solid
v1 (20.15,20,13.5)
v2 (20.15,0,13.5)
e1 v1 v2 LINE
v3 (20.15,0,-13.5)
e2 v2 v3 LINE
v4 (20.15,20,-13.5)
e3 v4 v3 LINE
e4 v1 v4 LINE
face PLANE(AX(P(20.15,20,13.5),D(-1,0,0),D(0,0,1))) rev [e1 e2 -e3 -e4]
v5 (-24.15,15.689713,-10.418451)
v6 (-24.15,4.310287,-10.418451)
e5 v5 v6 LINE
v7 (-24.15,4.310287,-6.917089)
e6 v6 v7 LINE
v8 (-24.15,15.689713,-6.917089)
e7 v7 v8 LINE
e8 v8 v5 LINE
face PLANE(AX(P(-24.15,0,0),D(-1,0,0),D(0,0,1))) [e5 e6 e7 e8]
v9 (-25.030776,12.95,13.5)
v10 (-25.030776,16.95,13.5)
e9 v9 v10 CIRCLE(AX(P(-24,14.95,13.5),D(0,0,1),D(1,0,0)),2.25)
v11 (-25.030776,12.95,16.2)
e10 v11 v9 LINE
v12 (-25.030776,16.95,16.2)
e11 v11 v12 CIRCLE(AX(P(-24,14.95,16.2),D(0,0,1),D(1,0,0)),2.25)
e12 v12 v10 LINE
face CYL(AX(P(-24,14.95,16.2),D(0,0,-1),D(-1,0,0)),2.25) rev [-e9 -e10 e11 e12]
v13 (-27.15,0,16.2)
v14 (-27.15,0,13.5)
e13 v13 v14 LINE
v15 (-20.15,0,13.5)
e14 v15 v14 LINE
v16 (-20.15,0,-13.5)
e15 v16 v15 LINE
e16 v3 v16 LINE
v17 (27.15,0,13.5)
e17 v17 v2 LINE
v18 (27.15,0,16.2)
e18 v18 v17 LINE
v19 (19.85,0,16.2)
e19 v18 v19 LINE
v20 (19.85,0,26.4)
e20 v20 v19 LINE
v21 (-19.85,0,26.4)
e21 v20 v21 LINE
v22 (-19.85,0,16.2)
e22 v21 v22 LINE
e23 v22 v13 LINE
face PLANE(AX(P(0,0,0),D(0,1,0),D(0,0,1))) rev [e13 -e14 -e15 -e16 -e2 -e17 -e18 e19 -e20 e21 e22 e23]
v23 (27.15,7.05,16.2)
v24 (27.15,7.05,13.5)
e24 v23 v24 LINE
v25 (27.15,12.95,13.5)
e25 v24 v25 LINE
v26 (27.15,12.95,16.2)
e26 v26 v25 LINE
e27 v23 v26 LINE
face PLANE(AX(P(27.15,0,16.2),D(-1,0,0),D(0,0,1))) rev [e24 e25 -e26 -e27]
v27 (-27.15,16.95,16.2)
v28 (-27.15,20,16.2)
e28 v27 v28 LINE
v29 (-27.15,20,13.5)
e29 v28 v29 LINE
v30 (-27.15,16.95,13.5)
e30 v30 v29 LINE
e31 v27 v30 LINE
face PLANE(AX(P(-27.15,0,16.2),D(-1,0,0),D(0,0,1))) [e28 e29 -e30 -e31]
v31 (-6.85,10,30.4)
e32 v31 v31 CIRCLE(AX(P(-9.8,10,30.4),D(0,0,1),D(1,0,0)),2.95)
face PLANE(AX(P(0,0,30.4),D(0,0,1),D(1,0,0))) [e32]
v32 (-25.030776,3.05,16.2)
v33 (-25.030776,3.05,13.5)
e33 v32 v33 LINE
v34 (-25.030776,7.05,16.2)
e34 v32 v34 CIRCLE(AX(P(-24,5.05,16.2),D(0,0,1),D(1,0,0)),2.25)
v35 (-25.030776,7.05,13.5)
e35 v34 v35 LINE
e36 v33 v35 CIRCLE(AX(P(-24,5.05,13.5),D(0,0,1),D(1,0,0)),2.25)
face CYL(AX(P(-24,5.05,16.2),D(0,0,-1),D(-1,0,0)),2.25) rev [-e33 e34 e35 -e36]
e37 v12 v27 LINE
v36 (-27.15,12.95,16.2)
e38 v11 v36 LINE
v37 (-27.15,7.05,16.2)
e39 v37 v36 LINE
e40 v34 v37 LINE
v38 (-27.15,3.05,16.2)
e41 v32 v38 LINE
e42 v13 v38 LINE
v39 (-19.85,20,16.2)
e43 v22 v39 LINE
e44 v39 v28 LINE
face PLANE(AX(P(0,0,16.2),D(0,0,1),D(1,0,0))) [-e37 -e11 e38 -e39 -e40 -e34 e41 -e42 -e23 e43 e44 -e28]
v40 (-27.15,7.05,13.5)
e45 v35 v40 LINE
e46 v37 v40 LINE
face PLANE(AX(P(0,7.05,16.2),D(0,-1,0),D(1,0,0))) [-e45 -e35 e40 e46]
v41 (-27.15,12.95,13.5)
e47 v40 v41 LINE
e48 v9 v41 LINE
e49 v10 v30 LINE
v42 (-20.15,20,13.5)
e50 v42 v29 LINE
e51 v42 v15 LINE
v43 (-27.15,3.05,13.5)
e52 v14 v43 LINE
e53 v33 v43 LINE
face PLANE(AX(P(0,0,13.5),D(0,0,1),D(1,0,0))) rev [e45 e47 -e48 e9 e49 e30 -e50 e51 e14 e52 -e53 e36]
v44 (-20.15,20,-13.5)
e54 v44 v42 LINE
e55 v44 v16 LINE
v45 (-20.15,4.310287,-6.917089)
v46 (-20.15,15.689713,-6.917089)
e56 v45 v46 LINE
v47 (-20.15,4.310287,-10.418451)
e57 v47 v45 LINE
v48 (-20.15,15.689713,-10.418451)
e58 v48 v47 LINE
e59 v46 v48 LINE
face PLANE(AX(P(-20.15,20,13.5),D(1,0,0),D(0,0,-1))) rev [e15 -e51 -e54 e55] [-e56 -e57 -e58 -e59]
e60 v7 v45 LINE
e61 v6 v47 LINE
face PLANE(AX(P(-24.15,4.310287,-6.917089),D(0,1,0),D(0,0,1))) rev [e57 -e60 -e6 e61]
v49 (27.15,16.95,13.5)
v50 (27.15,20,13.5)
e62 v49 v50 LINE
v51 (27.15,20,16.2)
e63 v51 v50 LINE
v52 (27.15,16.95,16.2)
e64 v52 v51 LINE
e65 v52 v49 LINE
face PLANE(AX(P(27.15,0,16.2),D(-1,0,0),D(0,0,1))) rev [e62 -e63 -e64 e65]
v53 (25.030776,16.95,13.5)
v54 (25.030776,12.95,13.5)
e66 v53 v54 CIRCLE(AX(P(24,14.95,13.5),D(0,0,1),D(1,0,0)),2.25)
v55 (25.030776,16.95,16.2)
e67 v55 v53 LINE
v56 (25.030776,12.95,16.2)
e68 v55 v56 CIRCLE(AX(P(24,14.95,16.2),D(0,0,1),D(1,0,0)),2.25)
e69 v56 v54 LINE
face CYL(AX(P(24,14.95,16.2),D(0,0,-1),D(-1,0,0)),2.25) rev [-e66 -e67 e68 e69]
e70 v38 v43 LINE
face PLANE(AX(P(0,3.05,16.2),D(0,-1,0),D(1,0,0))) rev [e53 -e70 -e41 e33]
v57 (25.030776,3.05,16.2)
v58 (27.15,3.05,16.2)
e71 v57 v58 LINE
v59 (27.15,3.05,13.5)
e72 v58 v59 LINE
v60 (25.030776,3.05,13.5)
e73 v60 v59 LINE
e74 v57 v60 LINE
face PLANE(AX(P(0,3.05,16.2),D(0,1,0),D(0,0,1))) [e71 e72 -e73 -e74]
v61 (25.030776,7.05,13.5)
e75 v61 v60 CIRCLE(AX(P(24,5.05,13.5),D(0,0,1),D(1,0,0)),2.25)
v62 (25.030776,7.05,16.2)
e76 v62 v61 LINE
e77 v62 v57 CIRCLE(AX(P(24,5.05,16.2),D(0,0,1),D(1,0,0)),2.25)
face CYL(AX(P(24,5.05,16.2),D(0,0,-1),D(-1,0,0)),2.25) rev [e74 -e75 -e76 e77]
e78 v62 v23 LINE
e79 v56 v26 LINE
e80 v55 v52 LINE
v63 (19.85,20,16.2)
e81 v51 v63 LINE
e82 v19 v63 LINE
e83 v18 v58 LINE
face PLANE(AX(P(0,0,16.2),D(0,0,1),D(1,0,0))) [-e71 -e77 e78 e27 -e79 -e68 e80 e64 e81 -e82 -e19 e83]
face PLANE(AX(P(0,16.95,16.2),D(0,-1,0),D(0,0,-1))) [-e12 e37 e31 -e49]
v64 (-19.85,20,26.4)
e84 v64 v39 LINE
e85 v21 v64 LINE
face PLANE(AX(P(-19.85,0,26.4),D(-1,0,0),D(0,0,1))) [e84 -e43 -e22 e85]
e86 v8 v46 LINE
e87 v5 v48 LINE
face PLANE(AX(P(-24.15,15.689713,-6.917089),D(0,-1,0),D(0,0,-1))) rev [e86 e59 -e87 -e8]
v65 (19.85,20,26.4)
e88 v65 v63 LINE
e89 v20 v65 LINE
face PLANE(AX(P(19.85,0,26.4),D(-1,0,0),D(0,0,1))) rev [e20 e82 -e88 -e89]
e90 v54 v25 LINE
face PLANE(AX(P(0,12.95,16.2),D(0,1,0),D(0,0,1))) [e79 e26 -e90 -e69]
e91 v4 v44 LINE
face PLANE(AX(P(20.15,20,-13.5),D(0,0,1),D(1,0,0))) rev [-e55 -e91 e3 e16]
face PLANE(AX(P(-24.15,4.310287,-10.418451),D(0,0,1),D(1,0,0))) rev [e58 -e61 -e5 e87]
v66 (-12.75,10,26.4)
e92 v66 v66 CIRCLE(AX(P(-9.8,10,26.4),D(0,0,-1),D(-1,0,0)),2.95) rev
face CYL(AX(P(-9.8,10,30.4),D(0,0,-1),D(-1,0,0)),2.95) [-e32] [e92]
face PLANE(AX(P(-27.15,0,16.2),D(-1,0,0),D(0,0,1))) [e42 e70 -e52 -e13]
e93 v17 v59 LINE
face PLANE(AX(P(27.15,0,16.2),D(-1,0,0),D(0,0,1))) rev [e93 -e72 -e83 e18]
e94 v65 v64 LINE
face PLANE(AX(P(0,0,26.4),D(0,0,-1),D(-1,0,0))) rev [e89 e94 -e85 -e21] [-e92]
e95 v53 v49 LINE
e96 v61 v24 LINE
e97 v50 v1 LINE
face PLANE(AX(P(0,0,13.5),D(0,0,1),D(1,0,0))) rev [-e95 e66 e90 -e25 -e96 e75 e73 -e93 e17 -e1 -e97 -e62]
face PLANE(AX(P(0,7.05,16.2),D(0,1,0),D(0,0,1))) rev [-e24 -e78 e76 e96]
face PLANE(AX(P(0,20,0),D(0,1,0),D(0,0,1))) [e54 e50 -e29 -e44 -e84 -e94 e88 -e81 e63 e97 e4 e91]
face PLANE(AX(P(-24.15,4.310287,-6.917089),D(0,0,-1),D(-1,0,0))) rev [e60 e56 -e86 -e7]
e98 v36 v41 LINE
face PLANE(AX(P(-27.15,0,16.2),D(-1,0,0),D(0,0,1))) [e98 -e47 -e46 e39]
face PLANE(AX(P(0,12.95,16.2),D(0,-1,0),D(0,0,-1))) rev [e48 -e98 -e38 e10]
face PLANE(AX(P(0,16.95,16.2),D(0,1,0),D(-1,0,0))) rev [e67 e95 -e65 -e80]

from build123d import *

# Parameters (mm, degrees)
SKETCH1_W           = 40.3
SKETCH1_H           = 27
BOSS_EXTRUDE1_DEPTH = 20
SKETCH2_W           = 40.3
SKETCH2_H           = 5.05
SKETCH2_H_2         = 9.9
BOSS_EXTRUDE2_DEPTH = 2.7
SKETCH3_W           = 39.7
SKETCH3_H           = 20
BOSS_EXTRUDE3_DEPTH = 10.2
BOSS_EXTRUDE4_DEPTH = 4
SKETCH5_W           = 3.501362038
SKETCH5_H           = 11.379426624
BOSS_EXTRUDE5_DEPTH = 4


with BuildPart() as part:
    # Sketch1 → Boss-Extrude1 (new body)
    with BuildSketch(Plane(origin=(0, 0, 0), x_dir=(1, 0, 0), z_dir=(0, 1, 0))):
        Rectangle(SKETCH1_W, SKETCH1_H)
    extrude(amount=BOSS_EXTRUDE1_DEPTH)

    # Sketch2 → Boss-Extrude2 (add)
    with BuildSketch(Plane.XY.offset(13.5)):
        with Locations((0, 2.525)):
            Rectangle(SKETCH2_W, SKETCH2_H)
        with BuildLine():
            Line((-20.15, 0), (-20.15, 5.05))
            Line((-20.15, 5.05), (-21.75, 5.05))
            ThreePointArc((-21.75, 5.05), (-22.82883539, 3.12883539), (-25.030776406, 3.05))
            Line((-25.030776406, 3.05), (-27.15, 3.05))
            Line((-27.15, 3.05), (-27.15, 0))
            Line((-27.15, 0), (-20.15, 0))
        make_face()
        with Locations((0, 10)):
            Rectangle(SKETCH2_W, SKETCH2_H_2)
        with BuildLine():
            Line((-20.15, 5.05), (-20.15, 14.95))
            Line((-20.15, 14.95), (-21.75, 14.95))
            ThreePointArc((-21.75, 14.95), (-22.409009742, 13.359009742), (-24, 12.7))
            Line((-24, 12.7), (-24, 7.3))
            ThreePointArc((-24, 7.3), (-22.409009742, 6.640990258), (-21.75, 5.05))
            Line((-21.75, 5.05), (-20.15, 5.05))
        make_face()
        with BuildLine():
            Line((-25.030776406, 12.95), (-27.15, 12.95))
            Line((-27.15, 12.95), (-27.15, 7.05))
            Line((-27.15, 7.05), (-25.030776406, 7.05))
            ThreePointArc((-25.030776406, 7.05), (-24.530330086, 7.236606961), (-24, 7.3))
            Line((-24, 7.3), (-24, 12.7))
            ThreePointArc((-24, 12.7), (-24.530330086, 12.763393039), (-25.030776406, 12.95))
        make_face()
        with Locations((0, 17.475)):
            Rectangle(SKETCH2_W, SKETCH2_H)
        with BuildLine():
            Line((-20.15, 14.95), (-20.15, 20))
            Line((-20.15, 20), (-27.15, 20))
            Line((-27.15, 20), (-27.15, 16.95))
            Line((-27.15, 16.95), (-25.030776406, 16.95))
            ThreePointArc((-25.030776406, 16.95), (-22.82883539, 16.87116461), (-21.75, 14.95))
            Line((-21.75, 14.95), (-20.15, 14.95))
        make_face()
        with BuildLine():
            Line((27.15, 20), (20.15, 20))
            Line((20.15, 20), (20.15, 14.95))
            Line((20.15, 14.95), (21.75, 14.95))
            ThreePointArc((21.75, 14.95), (22.82883539, 16.87116461), (25.030776406, 16.95))
            Line((25.030776406, 16.95), (27.15, 16.95))
            Line((27.15, 16.95), (27.15, 20))
        make_face()
        with BuildLine():
            Line((27.15, 7.05), (27.15, 12.95))
            Line((27.15, 12.95), (25.030776406, 12.95))
            ThreePointArc((25.030776406, 12.95), (24.530330086, 12.763393039), (24, 12.7))
            Line((24, 12.7), (24, 7.3))
            ThreePointArc((24, 7.3), (24.530330086, 7.236606961), (25.030776406, 7.05))
            Line((25.030776406, 7.05), (27.15, 7.05))
        make_face()
        with BuildLine():
            Line((21.75, 5.05), (20.15, 5.05))
            Line((20.15, 5.05), (20.15, 0))
            Line((20.15, 0), (27.15, 0))
            Line((27.15, 0), (27.15, 3.05))
            Line((27.15, 3.05), (25.030776406, 3.05))
            ThreePointArc((25.030776406, 3.05), (22.82883539, 3.12883539), (21.75, 5.05))
        make_face()
        with BuildLine():
            Line((21.75, 14.95), (20.15, 14.95))
            Line((20.15, 14.95), (20.15, 5.05))
            Line((20.15, 5.05), (21.75, 5.05))
            ThreePointArc((21.75, 5.05), (22.409009742, 6.640990258), (24, 7.3))
            Line((24, 7.3), (24, 12.7))
            ThreePointArc((24, 12.7), (22.409009742, 13.359009742), (21.75, 14.95))
        make_face()
    extrude(amount=BOSS_EXTRUDE2_DEPTH)

    # Sketch3 → Boss-Extrude3 (add)
    with BuildSketch(Plane.XY.offset(16.2)):
        with Locations((0, 10)):
            Rectangle(SKETCH3_W, SKETCH3_H)
    extrude(amount=BOSS_EXTRUDE3_DEPTH)

    # Sketch4 → Boss-Extrude4 (add)
    with BuildSketch(Plane.XY.offset(26.4)):
        with BuildLine():
            ThreePointArc((-6.85, 10), (-9.8, 12.95), (-12.75, 10))
            Line((-12.75, 10), (-6.85, 10))
        make_face()
        with BuildLine():
            Line((-6.85, 10), (-12.75, 10))
            ThreePointArc((-12.75, 10), (-9.8, 7.05), (-6.85, 10))
        make_face()
    extrude(amount=BOSS_EXTRUDE4_DEPTH)

    # Sketch5 → Boss-Extrude5 (add)
    with BuildSketch(Plane.ZY.offset(20.15)):
        with Locations((-8.667769888, 10)):
            Rectangle(SKETCH5_W, SKETCH5_H)
    extrude(amount=BOSS_EXTRUDE5_DEPTH)


solid = part.part
